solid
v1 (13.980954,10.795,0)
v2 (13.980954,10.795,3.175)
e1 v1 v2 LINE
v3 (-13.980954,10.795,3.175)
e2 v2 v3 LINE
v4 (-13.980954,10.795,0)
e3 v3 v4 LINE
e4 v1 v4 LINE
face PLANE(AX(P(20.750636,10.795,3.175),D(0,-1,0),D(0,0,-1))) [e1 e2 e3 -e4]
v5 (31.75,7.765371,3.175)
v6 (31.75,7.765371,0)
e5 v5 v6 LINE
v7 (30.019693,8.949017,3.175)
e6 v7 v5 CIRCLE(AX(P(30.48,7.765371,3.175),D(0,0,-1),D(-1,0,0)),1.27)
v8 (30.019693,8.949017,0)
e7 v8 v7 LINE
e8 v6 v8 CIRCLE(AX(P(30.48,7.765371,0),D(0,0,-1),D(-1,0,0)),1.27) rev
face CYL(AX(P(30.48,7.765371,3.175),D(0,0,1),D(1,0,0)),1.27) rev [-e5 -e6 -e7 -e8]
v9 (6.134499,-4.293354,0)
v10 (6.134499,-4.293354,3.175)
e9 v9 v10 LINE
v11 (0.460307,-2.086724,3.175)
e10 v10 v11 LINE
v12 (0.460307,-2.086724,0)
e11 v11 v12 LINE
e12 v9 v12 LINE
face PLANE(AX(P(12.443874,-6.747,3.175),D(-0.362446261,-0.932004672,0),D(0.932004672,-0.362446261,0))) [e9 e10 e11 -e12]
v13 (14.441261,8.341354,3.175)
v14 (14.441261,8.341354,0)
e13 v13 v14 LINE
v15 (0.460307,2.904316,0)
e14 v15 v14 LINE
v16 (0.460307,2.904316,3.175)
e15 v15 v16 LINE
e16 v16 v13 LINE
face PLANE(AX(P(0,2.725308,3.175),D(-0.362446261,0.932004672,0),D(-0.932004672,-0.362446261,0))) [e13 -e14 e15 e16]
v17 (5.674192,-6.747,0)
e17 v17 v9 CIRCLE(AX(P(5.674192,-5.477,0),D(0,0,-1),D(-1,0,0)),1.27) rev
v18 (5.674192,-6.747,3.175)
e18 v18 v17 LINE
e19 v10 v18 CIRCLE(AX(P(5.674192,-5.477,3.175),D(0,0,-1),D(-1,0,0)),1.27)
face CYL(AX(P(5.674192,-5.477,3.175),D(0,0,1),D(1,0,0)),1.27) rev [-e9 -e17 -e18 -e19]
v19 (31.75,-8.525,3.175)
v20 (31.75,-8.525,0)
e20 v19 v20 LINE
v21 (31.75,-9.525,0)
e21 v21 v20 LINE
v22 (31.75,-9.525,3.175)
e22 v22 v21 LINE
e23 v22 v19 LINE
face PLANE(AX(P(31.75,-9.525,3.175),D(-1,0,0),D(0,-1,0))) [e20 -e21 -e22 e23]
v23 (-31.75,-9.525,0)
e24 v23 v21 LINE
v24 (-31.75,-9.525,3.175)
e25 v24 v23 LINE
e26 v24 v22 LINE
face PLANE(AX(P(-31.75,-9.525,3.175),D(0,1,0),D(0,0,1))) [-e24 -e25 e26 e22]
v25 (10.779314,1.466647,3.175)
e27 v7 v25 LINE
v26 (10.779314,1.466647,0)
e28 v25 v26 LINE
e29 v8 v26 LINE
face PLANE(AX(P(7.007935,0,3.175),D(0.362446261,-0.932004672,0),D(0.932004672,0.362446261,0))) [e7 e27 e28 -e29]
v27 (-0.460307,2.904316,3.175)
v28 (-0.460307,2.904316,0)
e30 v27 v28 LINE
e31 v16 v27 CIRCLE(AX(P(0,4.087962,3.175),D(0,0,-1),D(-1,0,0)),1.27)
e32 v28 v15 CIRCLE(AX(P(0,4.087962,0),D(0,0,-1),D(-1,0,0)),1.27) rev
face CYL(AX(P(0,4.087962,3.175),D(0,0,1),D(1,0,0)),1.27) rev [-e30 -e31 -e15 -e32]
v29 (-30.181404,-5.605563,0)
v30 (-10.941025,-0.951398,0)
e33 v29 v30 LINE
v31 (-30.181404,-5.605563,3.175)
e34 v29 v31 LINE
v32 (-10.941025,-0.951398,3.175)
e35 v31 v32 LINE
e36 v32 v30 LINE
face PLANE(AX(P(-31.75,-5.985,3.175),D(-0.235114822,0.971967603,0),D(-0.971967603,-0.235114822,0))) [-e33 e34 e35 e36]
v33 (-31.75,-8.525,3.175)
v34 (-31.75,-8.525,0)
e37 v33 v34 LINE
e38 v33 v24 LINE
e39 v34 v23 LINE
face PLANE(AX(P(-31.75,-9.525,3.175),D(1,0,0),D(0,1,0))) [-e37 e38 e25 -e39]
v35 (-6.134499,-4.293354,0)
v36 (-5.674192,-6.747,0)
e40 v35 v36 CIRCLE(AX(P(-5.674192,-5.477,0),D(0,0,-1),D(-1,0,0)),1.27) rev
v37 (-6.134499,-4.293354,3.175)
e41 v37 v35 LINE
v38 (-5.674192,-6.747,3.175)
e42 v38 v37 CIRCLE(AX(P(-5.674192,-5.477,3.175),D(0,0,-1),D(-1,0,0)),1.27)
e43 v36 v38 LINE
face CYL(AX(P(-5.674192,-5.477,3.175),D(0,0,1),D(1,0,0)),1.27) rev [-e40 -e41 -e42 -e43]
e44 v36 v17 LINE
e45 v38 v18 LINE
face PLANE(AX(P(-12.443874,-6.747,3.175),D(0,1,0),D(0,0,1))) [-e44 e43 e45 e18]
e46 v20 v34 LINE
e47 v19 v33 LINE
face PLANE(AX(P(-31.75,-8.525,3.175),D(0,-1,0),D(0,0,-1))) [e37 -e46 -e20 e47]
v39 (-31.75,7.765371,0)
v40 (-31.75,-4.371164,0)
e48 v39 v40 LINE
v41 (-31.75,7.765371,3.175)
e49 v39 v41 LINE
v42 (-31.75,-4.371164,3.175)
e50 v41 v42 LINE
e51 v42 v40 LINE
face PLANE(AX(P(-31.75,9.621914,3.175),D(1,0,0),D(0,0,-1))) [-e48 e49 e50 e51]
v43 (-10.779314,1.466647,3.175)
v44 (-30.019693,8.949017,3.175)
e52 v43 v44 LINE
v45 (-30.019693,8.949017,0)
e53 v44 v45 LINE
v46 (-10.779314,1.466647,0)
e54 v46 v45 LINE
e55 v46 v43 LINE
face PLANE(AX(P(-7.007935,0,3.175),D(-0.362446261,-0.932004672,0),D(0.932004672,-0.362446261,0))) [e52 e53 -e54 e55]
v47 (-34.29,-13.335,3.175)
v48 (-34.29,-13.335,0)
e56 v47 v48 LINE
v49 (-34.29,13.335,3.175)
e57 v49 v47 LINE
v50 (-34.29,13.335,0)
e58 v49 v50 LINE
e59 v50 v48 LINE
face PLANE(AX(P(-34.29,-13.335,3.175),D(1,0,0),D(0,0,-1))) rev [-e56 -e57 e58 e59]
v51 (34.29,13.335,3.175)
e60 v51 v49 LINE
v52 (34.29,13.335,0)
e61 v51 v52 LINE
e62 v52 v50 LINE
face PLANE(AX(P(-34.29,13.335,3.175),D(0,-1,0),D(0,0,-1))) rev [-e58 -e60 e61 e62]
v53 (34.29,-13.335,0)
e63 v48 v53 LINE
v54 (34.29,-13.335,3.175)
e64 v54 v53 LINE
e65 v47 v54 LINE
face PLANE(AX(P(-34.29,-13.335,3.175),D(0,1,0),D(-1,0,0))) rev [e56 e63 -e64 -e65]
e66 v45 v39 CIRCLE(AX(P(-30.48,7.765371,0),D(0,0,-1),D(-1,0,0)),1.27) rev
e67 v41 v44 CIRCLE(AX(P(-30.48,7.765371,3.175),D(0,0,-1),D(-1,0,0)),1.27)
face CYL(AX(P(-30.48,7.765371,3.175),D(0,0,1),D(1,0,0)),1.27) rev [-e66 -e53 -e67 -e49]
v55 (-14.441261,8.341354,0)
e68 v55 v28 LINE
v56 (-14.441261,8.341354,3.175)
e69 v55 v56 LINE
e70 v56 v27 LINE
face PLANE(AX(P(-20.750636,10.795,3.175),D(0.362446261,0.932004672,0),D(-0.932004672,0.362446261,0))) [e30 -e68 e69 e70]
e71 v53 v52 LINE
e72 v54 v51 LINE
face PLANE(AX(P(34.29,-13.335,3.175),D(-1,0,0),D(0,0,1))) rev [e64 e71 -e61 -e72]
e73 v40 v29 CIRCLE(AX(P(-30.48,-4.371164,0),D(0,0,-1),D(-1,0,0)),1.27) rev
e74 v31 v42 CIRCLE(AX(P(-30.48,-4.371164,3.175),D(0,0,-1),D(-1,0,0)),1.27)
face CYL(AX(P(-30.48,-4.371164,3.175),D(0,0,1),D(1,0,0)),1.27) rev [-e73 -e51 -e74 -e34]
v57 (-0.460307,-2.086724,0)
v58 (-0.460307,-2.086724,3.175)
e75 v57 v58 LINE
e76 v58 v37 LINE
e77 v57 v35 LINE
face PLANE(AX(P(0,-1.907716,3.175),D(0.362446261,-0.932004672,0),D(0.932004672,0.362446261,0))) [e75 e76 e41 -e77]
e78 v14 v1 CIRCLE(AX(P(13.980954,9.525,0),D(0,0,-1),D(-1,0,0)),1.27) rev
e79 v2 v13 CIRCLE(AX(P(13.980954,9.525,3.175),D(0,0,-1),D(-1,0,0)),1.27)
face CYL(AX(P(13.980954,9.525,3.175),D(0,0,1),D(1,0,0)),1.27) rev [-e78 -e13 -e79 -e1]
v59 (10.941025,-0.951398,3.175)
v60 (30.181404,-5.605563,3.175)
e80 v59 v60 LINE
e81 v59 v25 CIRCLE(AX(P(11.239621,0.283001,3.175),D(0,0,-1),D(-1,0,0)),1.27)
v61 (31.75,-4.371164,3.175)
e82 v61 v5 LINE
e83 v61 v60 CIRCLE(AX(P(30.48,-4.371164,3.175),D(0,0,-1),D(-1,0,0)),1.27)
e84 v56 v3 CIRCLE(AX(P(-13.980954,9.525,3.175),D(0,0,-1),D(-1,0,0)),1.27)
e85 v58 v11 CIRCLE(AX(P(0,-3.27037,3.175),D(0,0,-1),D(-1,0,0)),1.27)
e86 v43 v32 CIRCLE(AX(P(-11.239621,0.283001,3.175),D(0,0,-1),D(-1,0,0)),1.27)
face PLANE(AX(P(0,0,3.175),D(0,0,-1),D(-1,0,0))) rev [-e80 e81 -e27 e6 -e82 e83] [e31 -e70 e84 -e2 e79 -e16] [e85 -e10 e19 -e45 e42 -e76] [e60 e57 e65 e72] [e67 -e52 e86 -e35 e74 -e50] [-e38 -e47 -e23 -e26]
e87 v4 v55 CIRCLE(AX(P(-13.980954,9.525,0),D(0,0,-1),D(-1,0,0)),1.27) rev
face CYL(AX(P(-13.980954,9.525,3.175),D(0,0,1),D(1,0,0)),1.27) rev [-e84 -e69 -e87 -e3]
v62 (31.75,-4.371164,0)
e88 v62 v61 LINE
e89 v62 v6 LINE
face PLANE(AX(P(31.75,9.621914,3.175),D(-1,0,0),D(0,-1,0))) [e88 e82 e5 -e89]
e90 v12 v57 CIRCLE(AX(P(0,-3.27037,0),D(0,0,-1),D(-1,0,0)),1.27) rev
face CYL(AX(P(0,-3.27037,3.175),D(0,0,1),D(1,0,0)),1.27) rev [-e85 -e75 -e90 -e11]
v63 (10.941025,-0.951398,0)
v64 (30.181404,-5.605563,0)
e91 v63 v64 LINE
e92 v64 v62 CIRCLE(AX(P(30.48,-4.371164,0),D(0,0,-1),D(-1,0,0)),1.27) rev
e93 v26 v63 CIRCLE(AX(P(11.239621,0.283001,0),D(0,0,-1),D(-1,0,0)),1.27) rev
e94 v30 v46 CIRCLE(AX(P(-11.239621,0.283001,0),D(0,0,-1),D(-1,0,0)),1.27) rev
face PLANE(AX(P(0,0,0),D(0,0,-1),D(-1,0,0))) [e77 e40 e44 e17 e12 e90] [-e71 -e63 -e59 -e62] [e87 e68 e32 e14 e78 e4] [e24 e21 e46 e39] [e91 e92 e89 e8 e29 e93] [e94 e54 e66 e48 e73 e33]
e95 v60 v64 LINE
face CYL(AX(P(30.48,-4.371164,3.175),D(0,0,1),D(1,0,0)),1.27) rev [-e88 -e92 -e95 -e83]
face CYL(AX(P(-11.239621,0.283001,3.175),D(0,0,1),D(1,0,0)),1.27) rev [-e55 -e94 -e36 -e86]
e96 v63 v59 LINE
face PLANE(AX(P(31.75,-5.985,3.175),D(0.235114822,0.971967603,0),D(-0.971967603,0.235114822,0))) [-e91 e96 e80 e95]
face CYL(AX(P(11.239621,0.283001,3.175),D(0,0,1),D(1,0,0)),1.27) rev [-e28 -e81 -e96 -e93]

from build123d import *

# Parameters (mm, degrees)
SKETCH1_W           = 68.58
SKETCH1_H           = 26.67
SKETCH1_W_2         = 63.5
SKETCH1_H_2         = 1
BOSS_EXTRUDE1_DEPTH = 3.175
FILLET1_R           = 1.27


with BuildPart() as part:
    # Sketch1 → Boss-Extrude1 (new body)
    with BuildSketch(Plane.XY):
        Rectangle(SKETCH1_W, SKETCH1_H)
        Polygon((-20.750635985, 10.795), (0, 2.725308228), (20.750635985, 10.795), align=None, mode=Mode.SUBTRACT)
        with Locations((0, -9.025)):
            Rectangle(SKETCH1_W_2, SKETCH1_H_2, mode=Mode.SUBTRACT)
        Polygon((-31.75, 9.621913994), (-31.75, -5.985), (-7.007935444, 0), align=None, mode=Mode.SUBTRACT)
        Polygon((7.007935444, 0), (31.75, 9.621913994), (31.75, -5.985), align=None, mode=Mode.SUBTRACT)
        Polygon((0, -1.90771576), (-12.443873761, -6.747), (12.443873761, -6.747), align=None, mode=Mode.SUBTRACT)
    extrude(amount=BOSS_EXTRUDE1_DEPTH)

    # Fillet1
    fillet1_edges = [part.edges().sort_by_distance(p)[0] for p in [
        (20.750635985, 10.795, 1.5875),
        (-20.750635985, 10.795, 1.5875),
        (0, 2.725308228, 1.5875),
        (-7.007935444, 0, 1.5875),
        (-31.75, 9.621913994, 1.5875),
        (-31.75, -5.985, 1.5875),
        (7.007935444, 0, 1.5875),
        (31.75, -5.985, 1.5875),
        (31.75, 9.621913994, 1.5875),
        (12.443873761, -6.747, 1.5875),
        (0, -1.90771576, 1.5875),
        (-12.443873761, -6.747, 1.5875),
    ]]
    fillet(fillet1_edges, radius=FILLET1_R)


solid = part.part
